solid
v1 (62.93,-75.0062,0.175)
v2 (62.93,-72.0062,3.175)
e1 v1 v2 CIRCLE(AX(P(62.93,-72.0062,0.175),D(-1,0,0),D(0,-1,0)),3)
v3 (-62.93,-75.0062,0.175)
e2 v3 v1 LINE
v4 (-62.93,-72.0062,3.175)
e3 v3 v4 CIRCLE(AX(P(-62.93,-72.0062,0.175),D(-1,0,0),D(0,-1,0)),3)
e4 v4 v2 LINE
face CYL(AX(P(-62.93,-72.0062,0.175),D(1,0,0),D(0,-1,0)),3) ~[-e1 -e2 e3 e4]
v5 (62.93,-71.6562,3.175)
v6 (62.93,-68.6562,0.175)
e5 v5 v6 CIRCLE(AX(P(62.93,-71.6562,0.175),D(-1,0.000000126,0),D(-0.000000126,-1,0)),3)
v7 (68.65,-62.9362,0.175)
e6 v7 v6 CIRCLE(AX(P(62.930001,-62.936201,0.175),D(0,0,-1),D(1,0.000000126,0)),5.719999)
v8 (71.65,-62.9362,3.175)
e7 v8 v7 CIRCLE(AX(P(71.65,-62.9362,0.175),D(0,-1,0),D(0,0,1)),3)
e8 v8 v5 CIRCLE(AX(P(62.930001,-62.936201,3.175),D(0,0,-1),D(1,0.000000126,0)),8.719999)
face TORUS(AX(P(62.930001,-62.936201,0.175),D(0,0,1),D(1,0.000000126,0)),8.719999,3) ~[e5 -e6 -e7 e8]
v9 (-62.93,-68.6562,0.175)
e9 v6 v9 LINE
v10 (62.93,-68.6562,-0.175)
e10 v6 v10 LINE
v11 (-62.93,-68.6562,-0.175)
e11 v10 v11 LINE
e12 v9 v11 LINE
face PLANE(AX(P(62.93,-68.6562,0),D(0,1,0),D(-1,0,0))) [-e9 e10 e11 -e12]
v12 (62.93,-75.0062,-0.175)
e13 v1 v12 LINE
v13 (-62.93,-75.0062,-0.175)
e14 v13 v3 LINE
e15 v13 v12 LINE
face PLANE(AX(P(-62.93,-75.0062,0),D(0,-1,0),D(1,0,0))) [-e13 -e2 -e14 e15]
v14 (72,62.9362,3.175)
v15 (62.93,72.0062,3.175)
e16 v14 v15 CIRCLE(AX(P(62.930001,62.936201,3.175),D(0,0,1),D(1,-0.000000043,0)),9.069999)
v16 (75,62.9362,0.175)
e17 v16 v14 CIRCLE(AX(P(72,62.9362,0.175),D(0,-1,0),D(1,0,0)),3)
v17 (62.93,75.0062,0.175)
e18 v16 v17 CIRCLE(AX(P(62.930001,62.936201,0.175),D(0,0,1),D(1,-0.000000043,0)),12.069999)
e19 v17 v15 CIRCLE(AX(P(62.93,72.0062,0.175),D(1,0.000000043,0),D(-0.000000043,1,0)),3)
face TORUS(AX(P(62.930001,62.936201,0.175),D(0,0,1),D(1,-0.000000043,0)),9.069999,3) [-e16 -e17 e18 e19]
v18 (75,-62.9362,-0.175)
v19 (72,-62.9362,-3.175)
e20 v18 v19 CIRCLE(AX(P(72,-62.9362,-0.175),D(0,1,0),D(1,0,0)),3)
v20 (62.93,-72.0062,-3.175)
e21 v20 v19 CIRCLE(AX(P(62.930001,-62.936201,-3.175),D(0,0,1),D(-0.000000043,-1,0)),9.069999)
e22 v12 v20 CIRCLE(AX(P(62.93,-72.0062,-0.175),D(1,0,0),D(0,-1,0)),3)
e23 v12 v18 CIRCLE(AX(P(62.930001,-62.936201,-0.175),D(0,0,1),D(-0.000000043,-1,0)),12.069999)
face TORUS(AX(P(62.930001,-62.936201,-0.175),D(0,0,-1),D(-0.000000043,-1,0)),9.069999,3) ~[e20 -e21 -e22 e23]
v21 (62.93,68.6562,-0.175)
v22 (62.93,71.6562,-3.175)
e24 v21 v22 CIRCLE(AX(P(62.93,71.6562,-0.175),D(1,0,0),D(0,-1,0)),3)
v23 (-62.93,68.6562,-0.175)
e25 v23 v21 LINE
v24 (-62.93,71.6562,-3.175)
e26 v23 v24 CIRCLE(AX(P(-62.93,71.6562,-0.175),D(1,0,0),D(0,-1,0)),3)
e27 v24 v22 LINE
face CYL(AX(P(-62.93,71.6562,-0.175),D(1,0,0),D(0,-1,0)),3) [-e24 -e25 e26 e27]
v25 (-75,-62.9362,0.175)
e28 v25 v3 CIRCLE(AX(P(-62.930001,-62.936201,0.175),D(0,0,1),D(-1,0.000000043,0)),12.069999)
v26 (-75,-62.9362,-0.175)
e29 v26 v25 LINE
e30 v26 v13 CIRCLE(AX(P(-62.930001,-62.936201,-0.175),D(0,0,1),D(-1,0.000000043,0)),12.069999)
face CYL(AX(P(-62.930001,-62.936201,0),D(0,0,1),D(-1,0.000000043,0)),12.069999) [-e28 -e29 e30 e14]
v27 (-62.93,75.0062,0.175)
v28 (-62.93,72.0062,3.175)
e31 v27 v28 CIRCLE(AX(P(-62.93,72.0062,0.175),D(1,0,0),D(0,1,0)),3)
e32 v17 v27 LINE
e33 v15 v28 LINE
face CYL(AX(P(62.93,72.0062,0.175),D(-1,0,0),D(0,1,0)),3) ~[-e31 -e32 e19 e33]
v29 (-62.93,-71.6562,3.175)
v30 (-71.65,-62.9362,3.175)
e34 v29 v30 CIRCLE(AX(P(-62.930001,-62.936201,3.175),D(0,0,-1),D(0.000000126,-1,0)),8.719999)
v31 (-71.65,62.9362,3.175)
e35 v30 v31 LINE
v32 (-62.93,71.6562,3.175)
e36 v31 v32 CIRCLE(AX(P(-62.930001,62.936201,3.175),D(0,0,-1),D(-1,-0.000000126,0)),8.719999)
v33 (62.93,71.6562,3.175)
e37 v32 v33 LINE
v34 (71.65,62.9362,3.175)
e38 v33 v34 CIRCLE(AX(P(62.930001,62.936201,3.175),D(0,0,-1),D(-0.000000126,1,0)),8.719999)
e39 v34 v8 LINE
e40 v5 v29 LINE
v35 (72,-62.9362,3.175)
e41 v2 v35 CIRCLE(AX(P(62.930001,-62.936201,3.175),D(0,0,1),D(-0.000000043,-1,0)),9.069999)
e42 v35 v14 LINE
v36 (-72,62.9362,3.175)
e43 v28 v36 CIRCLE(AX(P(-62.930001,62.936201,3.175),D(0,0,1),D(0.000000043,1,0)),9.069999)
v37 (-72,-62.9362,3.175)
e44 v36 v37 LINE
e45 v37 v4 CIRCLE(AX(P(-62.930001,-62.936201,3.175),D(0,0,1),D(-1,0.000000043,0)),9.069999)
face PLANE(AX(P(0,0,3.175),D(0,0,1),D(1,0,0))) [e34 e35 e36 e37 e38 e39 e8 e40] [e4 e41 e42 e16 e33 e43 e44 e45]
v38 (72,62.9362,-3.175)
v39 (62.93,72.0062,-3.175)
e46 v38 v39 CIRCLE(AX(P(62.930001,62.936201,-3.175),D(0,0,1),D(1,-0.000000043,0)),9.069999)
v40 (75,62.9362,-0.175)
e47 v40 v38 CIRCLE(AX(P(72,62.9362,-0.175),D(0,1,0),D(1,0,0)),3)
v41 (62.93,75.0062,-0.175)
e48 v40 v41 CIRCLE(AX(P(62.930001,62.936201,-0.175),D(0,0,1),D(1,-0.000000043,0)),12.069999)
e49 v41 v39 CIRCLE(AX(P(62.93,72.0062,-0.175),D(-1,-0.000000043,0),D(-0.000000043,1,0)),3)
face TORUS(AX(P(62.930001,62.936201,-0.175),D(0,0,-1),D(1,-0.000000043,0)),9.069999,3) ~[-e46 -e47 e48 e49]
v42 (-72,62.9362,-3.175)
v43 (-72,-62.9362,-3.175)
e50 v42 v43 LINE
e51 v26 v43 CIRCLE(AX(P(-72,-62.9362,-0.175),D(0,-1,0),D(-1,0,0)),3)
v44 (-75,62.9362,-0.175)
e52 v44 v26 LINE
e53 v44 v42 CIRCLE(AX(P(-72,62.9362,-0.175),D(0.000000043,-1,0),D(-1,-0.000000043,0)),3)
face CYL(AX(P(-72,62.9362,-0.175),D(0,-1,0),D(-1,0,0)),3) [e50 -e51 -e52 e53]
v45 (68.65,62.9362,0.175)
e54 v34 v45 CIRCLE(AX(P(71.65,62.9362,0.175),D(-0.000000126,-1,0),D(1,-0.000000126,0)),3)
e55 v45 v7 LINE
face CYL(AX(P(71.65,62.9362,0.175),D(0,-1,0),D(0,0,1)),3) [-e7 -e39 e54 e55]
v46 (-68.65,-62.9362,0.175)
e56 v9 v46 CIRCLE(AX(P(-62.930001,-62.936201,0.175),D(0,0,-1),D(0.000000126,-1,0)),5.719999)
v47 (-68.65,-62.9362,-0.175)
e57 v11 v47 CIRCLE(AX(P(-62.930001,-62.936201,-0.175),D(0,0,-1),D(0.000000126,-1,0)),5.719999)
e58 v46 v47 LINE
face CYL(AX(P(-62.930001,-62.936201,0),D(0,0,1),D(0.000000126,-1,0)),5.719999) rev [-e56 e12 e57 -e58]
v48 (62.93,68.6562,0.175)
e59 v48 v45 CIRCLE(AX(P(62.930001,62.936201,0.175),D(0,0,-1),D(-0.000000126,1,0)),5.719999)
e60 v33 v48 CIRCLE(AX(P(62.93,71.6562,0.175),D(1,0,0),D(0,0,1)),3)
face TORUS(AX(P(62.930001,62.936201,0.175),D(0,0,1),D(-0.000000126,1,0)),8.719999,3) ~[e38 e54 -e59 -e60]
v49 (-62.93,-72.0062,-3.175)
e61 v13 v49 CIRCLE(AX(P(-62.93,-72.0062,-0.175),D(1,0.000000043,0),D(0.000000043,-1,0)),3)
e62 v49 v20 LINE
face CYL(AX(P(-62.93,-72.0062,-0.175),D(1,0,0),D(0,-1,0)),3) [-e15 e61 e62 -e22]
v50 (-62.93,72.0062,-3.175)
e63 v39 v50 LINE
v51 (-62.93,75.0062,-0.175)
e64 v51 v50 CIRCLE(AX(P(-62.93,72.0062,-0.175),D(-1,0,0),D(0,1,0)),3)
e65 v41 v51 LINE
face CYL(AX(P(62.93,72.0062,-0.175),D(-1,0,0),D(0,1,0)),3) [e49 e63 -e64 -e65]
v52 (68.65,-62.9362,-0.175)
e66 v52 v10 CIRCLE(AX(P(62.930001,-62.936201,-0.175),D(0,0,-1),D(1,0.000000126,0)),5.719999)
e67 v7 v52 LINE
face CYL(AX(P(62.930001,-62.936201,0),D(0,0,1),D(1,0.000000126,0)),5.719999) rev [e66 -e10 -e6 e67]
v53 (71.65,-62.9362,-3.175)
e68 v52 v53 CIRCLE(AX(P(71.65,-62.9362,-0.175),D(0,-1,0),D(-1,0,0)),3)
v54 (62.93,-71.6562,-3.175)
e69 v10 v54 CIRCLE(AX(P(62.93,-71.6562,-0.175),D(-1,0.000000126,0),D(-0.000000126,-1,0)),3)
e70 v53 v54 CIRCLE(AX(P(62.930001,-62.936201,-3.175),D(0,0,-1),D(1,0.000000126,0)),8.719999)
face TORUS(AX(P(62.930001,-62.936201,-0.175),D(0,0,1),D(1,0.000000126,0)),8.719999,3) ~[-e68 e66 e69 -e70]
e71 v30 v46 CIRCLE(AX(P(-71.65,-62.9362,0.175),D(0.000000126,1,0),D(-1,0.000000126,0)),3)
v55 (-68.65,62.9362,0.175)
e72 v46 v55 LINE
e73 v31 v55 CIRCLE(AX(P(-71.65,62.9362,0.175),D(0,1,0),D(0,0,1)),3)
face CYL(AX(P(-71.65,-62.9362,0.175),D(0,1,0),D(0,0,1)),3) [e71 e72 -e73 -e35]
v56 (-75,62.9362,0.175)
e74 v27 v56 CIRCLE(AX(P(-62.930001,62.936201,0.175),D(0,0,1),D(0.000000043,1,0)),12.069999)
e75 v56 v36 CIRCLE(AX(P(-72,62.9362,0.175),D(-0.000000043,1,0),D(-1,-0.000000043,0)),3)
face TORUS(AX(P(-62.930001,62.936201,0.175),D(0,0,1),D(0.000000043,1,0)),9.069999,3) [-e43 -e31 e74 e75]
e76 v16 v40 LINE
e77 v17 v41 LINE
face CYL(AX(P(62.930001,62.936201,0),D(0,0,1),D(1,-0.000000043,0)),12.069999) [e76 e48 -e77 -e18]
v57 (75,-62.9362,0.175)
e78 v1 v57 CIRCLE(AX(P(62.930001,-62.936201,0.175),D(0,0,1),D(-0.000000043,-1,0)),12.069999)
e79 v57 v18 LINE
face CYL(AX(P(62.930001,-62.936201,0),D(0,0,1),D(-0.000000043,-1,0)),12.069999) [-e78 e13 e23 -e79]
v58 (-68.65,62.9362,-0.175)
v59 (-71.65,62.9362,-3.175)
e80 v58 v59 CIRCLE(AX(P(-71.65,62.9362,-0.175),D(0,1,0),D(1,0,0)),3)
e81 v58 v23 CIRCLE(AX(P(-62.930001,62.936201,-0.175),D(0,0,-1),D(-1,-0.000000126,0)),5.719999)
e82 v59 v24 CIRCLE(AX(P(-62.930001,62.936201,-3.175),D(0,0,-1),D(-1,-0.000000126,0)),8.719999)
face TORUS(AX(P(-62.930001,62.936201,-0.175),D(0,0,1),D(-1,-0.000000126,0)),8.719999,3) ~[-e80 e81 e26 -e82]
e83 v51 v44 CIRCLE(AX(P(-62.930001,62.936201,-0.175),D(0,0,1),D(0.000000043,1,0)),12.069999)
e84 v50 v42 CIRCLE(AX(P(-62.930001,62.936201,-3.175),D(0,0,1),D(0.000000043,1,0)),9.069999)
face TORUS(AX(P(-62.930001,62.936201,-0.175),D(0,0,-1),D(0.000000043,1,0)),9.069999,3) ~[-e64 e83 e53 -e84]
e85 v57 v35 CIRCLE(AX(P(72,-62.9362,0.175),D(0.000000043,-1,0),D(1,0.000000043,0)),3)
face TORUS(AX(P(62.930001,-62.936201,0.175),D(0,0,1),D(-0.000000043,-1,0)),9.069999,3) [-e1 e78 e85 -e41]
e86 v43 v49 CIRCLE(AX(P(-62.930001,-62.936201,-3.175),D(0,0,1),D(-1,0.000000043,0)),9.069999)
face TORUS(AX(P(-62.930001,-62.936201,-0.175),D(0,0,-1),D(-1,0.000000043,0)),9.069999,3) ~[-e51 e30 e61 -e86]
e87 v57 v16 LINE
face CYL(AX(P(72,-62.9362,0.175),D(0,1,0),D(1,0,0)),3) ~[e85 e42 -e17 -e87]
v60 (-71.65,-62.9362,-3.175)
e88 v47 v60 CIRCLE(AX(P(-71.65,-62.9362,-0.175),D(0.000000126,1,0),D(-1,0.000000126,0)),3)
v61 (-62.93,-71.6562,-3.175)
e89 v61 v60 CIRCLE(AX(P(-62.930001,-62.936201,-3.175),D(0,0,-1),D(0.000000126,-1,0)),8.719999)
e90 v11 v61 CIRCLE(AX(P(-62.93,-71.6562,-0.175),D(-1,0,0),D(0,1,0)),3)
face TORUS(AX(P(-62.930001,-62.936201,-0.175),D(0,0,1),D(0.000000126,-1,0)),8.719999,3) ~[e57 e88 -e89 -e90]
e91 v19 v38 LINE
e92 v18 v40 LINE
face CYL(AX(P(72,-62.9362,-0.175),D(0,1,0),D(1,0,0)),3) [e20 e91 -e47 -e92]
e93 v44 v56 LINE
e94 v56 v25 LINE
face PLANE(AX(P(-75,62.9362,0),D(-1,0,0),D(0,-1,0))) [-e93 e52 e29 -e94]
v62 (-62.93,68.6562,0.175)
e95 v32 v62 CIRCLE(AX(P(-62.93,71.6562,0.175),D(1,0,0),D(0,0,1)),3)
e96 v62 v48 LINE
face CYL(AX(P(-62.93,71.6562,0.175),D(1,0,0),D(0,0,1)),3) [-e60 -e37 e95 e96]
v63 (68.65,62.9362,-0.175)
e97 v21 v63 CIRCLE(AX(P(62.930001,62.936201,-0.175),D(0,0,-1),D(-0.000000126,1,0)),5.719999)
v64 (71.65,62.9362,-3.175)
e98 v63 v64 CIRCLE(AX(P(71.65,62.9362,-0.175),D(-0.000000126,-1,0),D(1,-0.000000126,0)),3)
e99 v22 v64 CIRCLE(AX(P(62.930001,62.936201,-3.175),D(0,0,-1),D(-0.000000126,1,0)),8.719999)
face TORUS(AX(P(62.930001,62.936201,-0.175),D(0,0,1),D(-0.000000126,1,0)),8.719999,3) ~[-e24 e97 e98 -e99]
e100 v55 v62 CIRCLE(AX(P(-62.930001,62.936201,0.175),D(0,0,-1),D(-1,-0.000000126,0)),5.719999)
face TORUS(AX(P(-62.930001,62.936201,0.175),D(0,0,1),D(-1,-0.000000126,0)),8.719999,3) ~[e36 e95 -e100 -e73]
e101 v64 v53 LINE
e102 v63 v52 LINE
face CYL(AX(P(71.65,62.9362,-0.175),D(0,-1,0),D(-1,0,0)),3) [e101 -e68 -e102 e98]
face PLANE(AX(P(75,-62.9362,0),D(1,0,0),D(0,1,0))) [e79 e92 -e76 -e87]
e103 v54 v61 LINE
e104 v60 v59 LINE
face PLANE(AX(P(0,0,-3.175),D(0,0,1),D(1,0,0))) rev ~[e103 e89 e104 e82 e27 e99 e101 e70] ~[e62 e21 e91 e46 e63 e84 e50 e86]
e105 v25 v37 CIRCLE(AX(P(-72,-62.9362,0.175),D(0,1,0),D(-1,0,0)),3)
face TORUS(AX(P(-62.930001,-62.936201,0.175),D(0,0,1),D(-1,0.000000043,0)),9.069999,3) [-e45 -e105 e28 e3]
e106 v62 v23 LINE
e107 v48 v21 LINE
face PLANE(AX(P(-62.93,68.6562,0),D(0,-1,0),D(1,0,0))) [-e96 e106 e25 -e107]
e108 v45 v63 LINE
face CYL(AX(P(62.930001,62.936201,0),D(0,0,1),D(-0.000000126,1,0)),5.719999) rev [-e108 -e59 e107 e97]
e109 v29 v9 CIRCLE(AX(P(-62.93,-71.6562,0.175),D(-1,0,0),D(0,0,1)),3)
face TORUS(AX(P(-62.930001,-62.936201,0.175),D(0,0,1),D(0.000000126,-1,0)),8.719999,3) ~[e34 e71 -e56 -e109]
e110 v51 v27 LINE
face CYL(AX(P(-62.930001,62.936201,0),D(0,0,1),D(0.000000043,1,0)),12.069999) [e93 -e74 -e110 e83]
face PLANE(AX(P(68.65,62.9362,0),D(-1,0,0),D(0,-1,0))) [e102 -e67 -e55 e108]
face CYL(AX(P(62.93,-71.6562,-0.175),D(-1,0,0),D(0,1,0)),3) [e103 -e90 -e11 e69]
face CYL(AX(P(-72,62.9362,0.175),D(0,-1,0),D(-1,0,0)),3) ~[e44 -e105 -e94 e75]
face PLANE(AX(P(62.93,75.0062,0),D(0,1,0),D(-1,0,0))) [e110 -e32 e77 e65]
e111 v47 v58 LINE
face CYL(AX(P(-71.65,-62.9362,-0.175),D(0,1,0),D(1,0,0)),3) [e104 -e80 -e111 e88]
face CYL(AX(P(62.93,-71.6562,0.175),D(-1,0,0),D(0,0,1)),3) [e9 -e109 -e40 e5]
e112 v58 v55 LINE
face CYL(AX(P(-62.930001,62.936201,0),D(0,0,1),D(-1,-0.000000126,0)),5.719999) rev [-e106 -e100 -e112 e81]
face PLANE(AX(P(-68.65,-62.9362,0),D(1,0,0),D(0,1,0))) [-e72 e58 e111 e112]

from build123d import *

# Parameters (mm, degrees)
F1_DEPTH = 3.175
F2_R     = 3


with BuildPart() as f1:
    # F0 (on Top) → F1 (new body, symmetric)
    with BuildSketch(Plane.XY):
        with BuildLine():
            Line((62.93, 75.0062), (-62.93, 75.0062))
            ThreePointArc((-62.93, 75.0062), (-71.464779, 71.470979), (-75, 62.9362))
            Line((-75, 62.9362), (-75, -62.9362))
            ThreePointArc((-75, -62.9362), (-71.464779, -71.470979), (-62.93, -75.0062))
            Line((-62.93, -75.0062), (62.93, -75.0062))
            ThreePointArc((62.93, -75.0062), (71.464779, -71.470979), (75, -62.9362))
            Line((75, -62.9362), (75, 62.9362))
            ThreePointArc((75, 62.9362), (71.464779, 71.470979), (62.93, 75.0062))
        make_face()
        with BuildLine():
            ThreePointArc((-68.65, 62.9362), (-66.974651, 66.980851), (-62.93, 68.6562))
            Line((-62.93, 68.6562), (62.93, 68.6562))
            ThreePointArc((62.93, 68.6562), (66.974651, 66.980851), (68.65, 62.9362))
            Line((68.65, 62.9362), (68.65, -62.9362))
            ThreePointArc((68.65, -62.9362), (66.974651, -66.980851), (62.93, -68.6562))
            Line((62.93, -68.6562), (-62.93, -68.6562))
            ThreePointArc((-62.93, -68.6562), (-66.974651, -66.980851), (-68.65, -62.9362))
            Line((-68.65, -62.9362), (-68.65, 62.9362))
        make_face(mode=Mode.SUBTRACT)
    extrude(amount=F1_DEPTH, both=True)

    # F2
    f2_edges = [f1.edges().sort_by_distance(p)[0] for p in [
        (0, -75.0062, 3.175),
        (-71.464779, -71.470979, 3.175),
        (-75, 0, 3.175),
        (-71.464779, 71.470979, 3.175),
        (0, 75.0062, 3.175),
        (71.464779, 71.470979, 3.175),
        (75, 0, 3.175),
        (71.464779, -71.470979, 3.175),
        (75, 0, -3.175),
        (71.464779, -71.470979, -3.175),
        (0, 68.6562, -3.175),
        (0, 68.6562, 3.175),
        (-66.974651, 66.980851, -3.175),
        (-68.65, 0, -3.175),
        (-66.974651, -66.980851, -3.175),
        (0, -68.6562, -3.175),
        (66.974651, -66.980851, -3.175),
        (68.65, 0, -3.175),
        (66.974651, 66.980851, -3.175),
    ]]
    fillet(f2_edges, radius=F2_R)


solid = f1.part
